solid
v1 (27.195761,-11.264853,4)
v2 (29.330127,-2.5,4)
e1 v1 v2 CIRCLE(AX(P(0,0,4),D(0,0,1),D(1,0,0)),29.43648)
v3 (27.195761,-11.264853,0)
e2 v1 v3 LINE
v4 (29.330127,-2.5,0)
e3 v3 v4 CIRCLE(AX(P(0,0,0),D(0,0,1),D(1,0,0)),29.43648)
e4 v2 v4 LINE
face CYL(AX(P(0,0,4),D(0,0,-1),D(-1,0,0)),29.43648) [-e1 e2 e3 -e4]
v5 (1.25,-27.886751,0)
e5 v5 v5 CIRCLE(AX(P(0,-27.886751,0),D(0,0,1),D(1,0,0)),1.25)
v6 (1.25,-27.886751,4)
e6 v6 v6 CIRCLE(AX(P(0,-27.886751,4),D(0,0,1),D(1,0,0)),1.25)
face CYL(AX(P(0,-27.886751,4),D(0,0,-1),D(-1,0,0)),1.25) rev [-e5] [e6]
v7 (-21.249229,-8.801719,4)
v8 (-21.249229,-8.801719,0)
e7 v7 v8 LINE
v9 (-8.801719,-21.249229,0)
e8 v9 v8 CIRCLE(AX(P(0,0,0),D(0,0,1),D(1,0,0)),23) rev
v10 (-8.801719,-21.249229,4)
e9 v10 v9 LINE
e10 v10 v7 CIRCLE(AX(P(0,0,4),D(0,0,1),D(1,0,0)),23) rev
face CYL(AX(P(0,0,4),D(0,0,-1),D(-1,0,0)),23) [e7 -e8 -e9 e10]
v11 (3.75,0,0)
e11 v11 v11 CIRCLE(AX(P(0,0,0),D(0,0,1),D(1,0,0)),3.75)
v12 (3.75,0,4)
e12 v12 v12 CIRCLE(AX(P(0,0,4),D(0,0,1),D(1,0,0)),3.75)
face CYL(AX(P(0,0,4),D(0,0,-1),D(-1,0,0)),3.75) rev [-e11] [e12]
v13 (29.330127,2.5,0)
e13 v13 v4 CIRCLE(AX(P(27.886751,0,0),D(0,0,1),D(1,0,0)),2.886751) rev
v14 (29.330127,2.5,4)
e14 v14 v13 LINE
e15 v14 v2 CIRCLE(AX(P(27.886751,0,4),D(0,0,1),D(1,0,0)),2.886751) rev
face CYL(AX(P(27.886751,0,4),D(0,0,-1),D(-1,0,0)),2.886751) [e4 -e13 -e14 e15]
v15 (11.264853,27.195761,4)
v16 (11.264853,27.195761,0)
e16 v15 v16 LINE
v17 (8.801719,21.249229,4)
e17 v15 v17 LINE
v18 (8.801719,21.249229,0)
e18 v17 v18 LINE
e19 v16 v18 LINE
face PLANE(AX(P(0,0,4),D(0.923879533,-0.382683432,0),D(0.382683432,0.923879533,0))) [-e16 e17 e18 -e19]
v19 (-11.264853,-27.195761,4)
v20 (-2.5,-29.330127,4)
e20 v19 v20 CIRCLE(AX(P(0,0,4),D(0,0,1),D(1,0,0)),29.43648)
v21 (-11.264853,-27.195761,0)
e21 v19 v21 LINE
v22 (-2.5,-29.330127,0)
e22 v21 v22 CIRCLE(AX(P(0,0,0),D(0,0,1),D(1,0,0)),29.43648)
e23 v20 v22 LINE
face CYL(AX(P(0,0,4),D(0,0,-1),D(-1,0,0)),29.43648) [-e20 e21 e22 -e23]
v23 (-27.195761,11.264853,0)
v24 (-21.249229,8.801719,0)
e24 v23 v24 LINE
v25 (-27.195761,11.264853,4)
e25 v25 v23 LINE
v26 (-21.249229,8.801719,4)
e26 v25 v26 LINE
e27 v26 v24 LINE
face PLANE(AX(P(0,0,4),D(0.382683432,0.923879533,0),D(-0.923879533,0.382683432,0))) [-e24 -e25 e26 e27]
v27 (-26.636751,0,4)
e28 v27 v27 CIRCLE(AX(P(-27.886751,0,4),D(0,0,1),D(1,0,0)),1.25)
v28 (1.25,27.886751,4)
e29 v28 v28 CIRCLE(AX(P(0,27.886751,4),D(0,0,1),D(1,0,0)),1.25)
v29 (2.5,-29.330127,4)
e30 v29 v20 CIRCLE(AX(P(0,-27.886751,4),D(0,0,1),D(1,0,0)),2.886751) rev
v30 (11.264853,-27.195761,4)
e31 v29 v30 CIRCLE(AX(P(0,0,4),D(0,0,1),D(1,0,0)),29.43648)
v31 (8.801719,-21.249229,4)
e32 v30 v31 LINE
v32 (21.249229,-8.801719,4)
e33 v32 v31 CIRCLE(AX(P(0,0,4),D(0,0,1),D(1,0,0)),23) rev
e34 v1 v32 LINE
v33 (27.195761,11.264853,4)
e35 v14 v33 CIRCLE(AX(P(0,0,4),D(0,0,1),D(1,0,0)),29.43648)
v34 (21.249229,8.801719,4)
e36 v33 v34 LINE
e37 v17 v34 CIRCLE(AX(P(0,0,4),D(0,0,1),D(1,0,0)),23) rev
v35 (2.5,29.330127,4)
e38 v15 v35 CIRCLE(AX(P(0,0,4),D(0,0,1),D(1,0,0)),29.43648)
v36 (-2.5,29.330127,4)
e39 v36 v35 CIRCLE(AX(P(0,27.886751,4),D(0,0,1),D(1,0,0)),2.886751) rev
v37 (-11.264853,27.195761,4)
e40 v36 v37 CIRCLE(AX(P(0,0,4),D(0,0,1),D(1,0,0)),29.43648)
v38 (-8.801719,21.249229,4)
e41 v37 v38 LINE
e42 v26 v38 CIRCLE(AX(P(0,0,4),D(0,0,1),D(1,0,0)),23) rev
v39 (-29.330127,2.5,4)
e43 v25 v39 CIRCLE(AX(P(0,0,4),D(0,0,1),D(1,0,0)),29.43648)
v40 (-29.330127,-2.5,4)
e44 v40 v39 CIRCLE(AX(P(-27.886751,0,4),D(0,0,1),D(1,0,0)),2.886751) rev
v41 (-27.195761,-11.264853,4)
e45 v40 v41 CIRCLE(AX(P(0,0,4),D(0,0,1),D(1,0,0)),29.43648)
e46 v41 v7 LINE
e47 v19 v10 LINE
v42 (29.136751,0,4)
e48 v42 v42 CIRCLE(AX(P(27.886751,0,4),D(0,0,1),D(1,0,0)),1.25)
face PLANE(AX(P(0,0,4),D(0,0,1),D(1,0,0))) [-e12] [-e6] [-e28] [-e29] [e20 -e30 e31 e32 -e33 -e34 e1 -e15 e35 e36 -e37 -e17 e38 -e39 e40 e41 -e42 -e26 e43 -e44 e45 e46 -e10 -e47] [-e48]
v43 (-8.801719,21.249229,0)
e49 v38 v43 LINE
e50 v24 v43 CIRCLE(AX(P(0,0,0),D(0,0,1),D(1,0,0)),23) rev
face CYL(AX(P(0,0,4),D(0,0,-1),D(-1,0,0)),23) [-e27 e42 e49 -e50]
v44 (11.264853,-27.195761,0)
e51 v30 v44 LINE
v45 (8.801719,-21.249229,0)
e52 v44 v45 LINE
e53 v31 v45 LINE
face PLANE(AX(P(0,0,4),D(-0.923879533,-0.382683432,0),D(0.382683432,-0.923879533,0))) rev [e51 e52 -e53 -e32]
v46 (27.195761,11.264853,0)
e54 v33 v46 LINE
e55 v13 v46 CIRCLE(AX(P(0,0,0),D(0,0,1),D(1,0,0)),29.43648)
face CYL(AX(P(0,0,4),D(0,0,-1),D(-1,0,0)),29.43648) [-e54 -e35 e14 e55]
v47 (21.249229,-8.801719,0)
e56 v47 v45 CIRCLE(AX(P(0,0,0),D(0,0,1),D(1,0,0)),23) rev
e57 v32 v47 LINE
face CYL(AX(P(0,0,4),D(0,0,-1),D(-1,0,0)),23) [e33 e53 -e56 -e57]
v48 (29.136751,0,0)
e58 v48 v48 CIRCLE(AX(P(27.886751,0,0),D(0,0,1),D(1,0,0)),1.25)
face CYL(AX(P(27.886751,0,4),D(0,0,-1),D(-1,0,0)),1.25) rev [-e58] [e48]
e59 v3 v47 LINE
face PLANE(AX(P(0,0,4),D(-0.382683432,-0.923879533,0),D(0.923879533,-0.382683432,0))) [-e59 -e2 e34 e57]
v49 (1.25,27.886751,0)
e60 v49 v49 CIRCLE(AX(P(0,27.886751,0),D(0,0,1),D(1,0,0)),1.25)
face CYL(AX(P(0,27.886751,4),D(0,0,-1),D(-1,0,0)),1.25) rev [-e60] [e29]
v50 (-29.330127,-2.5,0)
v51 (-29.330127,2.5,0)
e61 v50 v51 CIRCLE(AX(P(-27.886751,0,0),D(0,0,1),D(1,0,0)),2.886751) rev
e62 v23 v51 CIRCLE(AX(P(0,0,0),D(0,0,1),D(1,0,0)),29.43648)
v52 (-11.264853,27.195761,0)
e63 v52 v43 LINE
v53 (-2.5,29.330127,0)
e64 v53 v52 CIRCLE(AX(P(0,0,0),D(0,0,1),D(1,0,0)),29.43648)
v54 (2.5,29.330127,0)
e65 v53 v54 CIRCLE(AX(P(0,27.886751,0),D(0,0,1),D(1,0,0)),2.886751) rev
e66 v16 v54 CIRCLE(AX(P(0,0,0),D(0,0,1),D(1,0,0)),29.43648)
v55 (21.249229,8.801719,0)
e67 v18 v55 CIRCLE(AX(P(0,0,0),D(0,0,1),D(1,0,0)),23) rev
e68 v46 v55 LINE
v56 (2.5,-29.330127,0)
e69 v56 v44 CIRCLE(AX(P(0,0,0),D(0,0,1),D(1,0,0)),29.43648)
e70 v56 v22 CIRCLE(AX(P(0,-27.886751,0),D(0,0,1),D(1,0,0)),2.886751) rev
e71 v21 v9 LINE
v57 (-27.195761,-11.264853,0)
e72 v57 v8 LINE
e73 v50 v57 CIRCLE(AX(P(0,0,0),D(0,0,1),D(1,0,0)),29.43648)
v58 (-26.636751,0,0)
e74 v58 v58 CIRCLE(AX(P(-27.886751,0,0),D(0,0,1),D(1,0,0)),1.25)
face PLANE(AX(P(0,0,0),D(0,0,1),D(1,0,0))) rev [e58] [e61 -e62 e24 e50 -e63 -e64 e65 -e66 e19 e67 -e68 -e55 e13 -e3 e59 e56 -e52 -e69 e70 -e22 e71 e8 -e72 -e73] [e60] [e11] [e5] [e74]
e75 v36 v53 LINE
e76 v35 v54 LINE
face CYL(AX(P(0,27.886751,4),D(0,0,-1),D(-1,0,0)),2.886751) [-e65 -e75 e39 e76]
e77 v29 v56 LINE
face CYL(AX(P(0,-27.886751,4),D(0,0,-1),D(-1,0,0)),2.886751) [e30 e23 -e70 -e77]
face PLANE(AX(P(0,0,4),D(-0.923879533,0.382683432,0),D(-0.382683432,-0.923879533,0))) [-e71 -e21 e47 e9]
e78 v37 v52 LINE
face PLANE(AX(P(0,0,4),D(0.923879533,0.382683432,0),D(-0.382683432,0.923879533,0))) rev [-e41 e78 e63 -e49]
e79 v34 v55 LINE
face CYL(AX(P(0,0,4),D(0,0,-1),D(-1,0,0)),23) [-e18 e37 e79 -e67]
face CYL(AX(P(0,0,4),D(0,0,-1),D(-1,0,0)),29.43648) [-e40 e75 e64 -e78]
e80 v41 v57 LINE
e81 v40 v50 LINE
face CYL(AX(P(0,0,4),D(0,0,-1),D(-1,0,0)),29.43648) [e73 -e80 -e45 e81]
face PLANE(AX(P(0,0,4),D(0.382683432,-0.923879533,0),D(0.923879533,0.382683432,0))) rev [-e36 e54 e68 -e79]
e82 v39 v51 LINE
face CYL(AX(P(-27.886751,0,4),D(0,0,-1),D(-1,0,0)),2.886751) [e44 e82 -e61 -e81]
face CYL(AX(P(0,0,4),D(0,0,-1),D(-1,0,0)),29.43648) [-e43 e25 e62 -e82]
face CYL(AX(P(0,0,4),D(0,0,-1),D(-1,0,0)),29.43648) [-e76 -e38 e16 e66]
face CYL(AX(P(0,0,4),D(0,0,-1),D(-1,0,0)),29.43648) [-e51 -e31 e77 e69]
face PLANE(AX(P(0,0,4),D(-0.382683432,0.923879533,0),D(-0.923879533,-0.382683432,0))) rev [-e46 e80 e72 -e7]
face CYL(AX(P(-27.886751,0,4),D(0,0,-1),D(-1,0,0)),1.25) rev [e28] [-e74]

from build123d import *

# Parameters (mm, degrees)
SKETCH1_R           = 1.25
SKETCH1_R_2         = 3.75
BOSS_EXTRUDE2_DEPTH = 4


with BuildPart() as part:
    # Sketch1 → Boss-Extrude2 (new body)
    with BuildSketch(Plane.XY):
        with BuildLine():
            Line((-21.249229248, 8.801718944), (-27.195761321, 11.264853178))
            ThreePointArc((-27.195761321, 11.264853178), (-28.600693627, 6.964673358), (-29.330127019, 2.5))
            ThreePointArc((-29.330127019, 2.5), (-30.773502692, 0), (-29.330127019, -2.5))
            ThreePointArc((-29.330127019, -2.5), (-28.600693627, -6.964673358), (-27.195761321, -11.264853178))
            Line((-27.195761321, -11.264853178), (-21.249229248, -8.801718944))
            ThreePointArc((-21.249229248, -8.801718944), (-16.263455967, -16.263455967), (-8.801718944, -21.249229248))
            Line((-8.801718944, -21.249229248), (-11.264853178, -27.195761321))
            ThreePointArc((-11.264853178, -27.195761321), (-6.964673358, -28.600693627), (-2.5, -29.330127019))
            ThreePointArc((-2.5, -29.330127019), (0, -30.773502692), (2.5, -29.330127019))
            ThreePointArc((2.5, -29.330127019), (6.964673358, -28.600693627), (11.264853178, -27.195761321))
            Line((11.264853178, -27.195761321), (8.801718944, -21.249229248))
            ThreePointArc((8.801718944, -21.249229248), (16.263455967, -16.263455967), (21.249229248, -8.801718944))
            Line((21.249229248, -8.801718944), (27.195761321, -11.264853178))
            ThreePointArc((27.195761321, -11.264853178), (28.600693627, -6.964673358), (29.330127019, -2.5))
            ThreePointArc((29.330127019, -2.5), (30.773502692, 0), (29.330127019, 2.5))
            ThreePointArc((29.330127019, 2.5), (28.600693627, 6.964673358), (27.195761321, 11.264853178))
            Line((27.195761321, 11.264853178), (21.249229248, 8.801718944))
            ThreePointArc((21.249229248, 8.801718944), (16.263455967, 16.263455967), (8.801718944, 21.249229248))
            Line((8.801718944, 21.249229248), (11.264853178, 27.195761321))
            ThreePointArc((11.264853178, 27.195761321), (6.964673358, 28.600693627), (2.5, 29.330127019))
            ThreePointArc((2.5, 29.330127019), (0, 30.773502692), (-2.5, 29.330127019))
            ThreePointArc((-2.5, 29.330127019), (-6.964673358, 28.600693627), (-11.264853178, 27.195761321))
            Line((-11.264853178, 27.195761321), (-8.801718944, 21.249229248))
            ThreePointArc((-8.801718944, 21.249229248), (-16.263455967, 16.263455967), (-21.249229248, 8.801718944))
        make_face()
        with Locations((0, -27.886751346)):
            Circle(SKETCH1_R, mode=Mode.SUBTRACT)
        Circle(SKETCH1_R_2, mode=Mode.SUBTRACT)
        with Locations((27.886751346, 0)):
            Circle(SKETCH1_R, mode=Mode.SUBTRACT)
        with Locations((-27.886751346, 0)):
            Circle(SKETCH1_R, mode=Mode.SUBTRACT)
        with Locations((0, 27.886751346)):
            Circle(SKETCH1_R, mode=Mode.SUBTRACT)
    extrude(amount=BOSS_EXTRUDE2_DEPTH)


solid = part.part
